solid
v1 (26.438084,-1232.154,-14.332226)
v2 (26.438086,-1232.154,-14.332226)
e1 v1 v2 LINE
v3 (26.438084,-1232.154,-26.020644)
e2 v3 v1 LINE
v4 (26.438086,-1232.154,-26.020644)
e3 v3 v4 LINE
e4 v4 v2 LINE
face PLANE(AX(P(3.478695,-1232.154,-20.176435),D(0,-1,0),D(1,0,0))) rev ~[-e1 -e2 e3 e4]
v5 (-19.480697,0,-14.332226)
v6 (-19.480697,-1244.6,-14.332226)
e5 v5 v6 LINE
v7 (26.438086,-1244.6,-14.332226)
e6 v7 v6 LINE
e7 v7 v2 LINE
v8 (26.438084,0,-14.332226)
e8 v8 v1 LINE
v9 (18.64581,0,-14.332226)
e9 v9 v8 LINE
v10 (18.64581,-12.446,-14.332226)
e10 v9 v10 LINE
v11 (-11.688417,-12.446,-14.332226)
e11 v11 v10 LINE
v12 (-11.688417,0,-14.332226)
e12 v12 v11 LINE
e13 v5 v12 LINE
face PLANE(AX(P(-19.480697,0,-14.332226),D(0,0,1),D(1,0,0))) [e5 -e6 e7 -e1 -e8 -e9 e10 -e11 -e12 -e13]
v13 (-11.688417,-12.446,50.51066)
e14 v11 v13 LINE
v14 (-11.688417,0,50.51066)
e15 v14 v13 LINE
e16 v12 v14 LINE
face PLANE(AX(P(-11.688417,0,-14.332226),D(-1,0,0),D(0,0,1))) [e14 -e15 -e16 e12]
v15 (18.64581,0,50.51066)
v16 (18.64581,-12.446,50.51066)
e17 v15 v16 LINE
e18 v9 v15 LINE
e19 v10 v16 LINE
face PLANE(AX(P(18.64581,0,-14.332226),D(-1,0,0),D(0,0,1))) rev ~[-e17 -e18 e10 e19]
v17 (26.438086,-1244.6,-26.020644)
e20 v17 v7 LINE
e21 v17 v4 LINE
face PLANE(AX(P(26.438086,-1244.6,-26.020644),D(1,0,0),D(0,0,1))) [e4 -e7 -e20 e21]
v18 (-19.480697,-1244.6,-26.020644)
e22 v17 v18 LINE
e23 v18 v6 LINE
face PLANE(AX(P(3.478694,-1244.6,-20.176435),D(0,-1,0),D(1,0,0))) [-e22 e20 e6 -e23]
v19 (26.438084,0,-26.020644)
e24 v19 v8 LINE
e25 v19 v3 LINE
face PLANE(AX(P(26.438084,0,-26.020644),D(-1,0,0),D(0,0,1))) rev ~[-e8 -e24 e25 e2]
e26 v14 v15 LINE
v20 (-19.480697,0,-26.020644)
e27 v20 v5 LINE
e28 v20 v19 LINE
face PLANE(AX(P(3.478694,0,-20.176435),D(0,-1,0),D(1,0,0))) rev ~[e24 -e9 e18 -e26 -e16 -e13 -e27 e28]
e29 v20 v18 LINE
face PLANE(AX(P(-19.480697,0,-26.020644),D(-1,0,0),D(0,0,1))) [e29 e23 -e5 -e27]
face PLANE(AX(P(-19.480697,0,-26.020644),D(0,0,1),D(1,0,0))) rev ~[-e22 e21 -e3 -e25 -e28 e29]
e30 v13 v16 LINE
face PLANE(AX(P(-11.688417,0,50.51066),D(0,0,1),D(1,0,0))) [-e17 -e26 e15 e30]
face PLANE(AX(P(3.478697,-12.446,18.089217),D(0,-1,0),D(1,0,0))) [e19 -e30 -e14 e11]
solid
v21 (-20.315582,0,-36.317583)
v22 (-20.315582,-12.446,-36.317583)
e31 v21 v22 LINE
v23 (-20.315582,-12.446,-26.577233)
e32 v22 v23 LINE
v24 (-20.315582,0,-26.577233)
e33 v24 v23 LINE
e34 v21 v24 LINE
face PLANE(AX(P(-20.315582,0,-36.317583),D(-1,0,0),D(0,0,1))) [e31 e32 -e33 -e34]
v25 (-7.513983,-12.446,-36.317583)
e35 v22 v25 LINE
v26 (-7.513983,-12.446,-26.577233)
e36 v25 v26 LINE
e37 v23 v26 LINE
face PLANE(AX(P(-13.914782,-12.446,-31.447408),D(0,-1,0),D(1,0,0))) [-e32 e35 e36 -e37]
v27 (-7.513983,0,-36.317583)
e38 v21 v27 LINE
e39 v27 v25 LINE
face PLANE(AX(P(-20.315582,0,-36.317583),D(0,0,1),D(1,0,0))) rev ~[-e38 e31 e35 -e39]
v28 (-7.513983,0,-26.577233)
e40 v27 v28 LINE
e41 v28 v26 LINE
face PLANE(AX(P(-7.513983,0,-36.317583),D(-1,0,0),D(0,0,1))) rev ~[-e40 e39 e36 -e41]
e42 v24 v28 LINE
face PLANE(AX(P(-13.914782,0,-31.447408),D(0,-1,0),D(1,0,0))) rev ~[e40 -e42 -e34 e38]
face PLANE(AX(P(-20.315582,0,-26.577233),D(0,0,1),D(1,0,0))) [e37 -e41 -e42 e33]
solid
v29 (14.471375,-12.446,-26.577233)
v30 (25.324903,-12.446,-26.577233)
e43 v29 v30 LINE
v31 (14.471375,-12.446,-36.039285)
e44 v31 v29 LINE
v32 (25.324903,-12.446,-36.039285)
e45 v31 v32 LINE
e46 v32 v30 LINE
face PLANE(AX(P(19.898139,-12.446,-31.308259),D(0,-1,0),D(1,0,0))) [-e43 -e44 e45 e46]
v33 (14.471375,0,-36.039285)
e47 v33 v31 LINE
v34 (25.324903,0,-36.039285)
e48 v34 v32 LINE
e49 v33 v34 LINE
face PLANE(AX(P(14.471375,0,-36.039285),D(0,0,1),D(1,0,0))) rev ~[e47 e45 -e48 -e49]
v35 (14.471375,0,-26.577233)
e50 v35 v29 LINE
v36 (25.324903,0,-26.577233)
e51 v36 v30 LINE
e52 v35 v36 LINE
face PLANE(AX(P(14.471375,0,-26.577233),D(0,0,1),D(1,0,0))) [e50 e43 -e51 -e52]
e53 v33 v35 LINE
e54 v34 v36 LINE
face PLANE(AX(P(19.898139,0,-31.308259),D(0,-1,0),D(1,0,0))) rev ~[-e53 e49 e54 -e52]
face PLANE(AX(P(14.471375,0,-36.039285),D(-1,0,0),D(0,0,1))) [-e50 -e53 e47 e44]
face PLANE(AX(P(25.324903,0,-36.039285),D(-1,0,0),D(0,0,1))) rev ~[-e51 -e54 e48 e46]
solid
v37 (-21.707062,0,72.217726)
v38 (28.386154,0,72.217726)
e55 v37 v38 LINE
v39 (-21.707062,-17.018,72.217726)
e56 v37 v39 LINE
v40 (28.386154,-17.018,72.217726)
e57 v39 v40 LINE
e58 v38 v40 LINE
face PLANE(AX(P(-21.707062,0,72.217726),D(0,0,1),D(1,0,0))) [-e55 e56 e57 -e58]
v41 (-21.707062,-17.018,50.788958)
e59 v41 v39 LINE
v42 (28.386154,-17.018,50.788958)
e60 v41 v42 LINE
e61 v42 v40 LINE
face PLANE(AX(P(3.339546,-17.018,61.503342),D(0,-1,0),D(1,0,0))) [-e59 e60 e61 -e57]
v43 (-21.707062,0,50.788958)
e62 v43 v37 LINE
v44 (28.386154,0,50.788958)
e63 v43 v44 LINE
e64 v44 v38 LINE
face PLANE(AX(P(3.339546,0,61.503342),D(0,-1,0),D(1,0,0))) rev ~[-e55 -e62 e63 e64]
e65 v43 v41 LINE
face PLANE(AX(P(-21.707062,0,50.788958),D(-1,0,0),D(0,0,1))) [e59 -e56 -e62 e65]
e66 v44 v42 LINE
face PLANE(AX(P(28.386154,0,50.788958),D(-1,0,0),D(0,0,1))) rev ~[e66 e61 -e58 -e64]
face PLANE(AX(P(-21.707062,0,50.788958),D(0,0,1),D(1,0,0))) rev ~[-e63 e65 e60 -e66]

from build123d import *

# Parameters (mm, degrees)
F1_W      = 50.093217
F1_H      = 21.428767
F5_DEPTH  = 17.018
F0_W      = 30.334227
F0_H      = 64.842886
F6_DEPTH  = 12.446
F2_W      = 45.918781
F2_H      = 11.688418
F7_DEPTH  = 1244.6
F7_FACE_W = 45.918782
F7_FACE_H = 11.688418
F8_DEPTH  = 12.446
F4_W      = 10.853528
F4_H      = 9.462051
F9_DEPTH  = 12.446
F3_W      = 12.801599
F3_H      = 9.740349
F10_DEPTH = 12.446


with BuildPart() as f5:
    # F1 (on Front) → F5 (new body)
    with BuildSketch(Plane.XZ):
        with Locations((3.339546, 61.503342)):
            Rectangle(F1_W, F1_H)
    extrude(amount=F5_DEPTH)


with BuildPart() as f6:
    # F0 (on Front) → F6 (new body)
    with BuildSketch(Plane.XZ):
        with Locations((3.478697, 18.089217)):
            Rectangle(F0_W, F0_H)
    extrude(amount=F6_DEPTH)

    # F2 (on Front) → F7 (join)
    with BuildSketch(Plane.XZ):
        with Locations((3.478694, -20.176435)):
            Rectangle(F2_W, F2_H)
    extrude(amount=F7_DEPTH)

    # F7_face (on face) → F8 (join)
    with BuildSketch(Plane(origin=(3.478695, -1244.6, -20.176435), x_dir=(1, 0, 0), z_dir=(0, -1, 0))):
        Rectangle(F7_FACE_W, F7_FACE_H)
    extrude(amount=-F8_DEPTH)


with BuildPart() as f9:
    # F4 (on Front) → F9 (new body)
    with BuildSketch(Plane.XZ):
        with Locations((19.898139, -31.308259)):
            Rectangle(F4_W, F4_H)
    extrude(amount=F9_DEPTH)


with BuildPart() as f10:
    # F3 (on Front) → F10 (new body)
    with BuildSketch(Plane.XZ):
        with Locations((-13.914782, -31.447408)):
            Rectangle(F3_W, F3_H)
    extrude(amount=F10_DEPTH)


solid = Compound([f5.part, f6.part, f9.part, f10.part])
